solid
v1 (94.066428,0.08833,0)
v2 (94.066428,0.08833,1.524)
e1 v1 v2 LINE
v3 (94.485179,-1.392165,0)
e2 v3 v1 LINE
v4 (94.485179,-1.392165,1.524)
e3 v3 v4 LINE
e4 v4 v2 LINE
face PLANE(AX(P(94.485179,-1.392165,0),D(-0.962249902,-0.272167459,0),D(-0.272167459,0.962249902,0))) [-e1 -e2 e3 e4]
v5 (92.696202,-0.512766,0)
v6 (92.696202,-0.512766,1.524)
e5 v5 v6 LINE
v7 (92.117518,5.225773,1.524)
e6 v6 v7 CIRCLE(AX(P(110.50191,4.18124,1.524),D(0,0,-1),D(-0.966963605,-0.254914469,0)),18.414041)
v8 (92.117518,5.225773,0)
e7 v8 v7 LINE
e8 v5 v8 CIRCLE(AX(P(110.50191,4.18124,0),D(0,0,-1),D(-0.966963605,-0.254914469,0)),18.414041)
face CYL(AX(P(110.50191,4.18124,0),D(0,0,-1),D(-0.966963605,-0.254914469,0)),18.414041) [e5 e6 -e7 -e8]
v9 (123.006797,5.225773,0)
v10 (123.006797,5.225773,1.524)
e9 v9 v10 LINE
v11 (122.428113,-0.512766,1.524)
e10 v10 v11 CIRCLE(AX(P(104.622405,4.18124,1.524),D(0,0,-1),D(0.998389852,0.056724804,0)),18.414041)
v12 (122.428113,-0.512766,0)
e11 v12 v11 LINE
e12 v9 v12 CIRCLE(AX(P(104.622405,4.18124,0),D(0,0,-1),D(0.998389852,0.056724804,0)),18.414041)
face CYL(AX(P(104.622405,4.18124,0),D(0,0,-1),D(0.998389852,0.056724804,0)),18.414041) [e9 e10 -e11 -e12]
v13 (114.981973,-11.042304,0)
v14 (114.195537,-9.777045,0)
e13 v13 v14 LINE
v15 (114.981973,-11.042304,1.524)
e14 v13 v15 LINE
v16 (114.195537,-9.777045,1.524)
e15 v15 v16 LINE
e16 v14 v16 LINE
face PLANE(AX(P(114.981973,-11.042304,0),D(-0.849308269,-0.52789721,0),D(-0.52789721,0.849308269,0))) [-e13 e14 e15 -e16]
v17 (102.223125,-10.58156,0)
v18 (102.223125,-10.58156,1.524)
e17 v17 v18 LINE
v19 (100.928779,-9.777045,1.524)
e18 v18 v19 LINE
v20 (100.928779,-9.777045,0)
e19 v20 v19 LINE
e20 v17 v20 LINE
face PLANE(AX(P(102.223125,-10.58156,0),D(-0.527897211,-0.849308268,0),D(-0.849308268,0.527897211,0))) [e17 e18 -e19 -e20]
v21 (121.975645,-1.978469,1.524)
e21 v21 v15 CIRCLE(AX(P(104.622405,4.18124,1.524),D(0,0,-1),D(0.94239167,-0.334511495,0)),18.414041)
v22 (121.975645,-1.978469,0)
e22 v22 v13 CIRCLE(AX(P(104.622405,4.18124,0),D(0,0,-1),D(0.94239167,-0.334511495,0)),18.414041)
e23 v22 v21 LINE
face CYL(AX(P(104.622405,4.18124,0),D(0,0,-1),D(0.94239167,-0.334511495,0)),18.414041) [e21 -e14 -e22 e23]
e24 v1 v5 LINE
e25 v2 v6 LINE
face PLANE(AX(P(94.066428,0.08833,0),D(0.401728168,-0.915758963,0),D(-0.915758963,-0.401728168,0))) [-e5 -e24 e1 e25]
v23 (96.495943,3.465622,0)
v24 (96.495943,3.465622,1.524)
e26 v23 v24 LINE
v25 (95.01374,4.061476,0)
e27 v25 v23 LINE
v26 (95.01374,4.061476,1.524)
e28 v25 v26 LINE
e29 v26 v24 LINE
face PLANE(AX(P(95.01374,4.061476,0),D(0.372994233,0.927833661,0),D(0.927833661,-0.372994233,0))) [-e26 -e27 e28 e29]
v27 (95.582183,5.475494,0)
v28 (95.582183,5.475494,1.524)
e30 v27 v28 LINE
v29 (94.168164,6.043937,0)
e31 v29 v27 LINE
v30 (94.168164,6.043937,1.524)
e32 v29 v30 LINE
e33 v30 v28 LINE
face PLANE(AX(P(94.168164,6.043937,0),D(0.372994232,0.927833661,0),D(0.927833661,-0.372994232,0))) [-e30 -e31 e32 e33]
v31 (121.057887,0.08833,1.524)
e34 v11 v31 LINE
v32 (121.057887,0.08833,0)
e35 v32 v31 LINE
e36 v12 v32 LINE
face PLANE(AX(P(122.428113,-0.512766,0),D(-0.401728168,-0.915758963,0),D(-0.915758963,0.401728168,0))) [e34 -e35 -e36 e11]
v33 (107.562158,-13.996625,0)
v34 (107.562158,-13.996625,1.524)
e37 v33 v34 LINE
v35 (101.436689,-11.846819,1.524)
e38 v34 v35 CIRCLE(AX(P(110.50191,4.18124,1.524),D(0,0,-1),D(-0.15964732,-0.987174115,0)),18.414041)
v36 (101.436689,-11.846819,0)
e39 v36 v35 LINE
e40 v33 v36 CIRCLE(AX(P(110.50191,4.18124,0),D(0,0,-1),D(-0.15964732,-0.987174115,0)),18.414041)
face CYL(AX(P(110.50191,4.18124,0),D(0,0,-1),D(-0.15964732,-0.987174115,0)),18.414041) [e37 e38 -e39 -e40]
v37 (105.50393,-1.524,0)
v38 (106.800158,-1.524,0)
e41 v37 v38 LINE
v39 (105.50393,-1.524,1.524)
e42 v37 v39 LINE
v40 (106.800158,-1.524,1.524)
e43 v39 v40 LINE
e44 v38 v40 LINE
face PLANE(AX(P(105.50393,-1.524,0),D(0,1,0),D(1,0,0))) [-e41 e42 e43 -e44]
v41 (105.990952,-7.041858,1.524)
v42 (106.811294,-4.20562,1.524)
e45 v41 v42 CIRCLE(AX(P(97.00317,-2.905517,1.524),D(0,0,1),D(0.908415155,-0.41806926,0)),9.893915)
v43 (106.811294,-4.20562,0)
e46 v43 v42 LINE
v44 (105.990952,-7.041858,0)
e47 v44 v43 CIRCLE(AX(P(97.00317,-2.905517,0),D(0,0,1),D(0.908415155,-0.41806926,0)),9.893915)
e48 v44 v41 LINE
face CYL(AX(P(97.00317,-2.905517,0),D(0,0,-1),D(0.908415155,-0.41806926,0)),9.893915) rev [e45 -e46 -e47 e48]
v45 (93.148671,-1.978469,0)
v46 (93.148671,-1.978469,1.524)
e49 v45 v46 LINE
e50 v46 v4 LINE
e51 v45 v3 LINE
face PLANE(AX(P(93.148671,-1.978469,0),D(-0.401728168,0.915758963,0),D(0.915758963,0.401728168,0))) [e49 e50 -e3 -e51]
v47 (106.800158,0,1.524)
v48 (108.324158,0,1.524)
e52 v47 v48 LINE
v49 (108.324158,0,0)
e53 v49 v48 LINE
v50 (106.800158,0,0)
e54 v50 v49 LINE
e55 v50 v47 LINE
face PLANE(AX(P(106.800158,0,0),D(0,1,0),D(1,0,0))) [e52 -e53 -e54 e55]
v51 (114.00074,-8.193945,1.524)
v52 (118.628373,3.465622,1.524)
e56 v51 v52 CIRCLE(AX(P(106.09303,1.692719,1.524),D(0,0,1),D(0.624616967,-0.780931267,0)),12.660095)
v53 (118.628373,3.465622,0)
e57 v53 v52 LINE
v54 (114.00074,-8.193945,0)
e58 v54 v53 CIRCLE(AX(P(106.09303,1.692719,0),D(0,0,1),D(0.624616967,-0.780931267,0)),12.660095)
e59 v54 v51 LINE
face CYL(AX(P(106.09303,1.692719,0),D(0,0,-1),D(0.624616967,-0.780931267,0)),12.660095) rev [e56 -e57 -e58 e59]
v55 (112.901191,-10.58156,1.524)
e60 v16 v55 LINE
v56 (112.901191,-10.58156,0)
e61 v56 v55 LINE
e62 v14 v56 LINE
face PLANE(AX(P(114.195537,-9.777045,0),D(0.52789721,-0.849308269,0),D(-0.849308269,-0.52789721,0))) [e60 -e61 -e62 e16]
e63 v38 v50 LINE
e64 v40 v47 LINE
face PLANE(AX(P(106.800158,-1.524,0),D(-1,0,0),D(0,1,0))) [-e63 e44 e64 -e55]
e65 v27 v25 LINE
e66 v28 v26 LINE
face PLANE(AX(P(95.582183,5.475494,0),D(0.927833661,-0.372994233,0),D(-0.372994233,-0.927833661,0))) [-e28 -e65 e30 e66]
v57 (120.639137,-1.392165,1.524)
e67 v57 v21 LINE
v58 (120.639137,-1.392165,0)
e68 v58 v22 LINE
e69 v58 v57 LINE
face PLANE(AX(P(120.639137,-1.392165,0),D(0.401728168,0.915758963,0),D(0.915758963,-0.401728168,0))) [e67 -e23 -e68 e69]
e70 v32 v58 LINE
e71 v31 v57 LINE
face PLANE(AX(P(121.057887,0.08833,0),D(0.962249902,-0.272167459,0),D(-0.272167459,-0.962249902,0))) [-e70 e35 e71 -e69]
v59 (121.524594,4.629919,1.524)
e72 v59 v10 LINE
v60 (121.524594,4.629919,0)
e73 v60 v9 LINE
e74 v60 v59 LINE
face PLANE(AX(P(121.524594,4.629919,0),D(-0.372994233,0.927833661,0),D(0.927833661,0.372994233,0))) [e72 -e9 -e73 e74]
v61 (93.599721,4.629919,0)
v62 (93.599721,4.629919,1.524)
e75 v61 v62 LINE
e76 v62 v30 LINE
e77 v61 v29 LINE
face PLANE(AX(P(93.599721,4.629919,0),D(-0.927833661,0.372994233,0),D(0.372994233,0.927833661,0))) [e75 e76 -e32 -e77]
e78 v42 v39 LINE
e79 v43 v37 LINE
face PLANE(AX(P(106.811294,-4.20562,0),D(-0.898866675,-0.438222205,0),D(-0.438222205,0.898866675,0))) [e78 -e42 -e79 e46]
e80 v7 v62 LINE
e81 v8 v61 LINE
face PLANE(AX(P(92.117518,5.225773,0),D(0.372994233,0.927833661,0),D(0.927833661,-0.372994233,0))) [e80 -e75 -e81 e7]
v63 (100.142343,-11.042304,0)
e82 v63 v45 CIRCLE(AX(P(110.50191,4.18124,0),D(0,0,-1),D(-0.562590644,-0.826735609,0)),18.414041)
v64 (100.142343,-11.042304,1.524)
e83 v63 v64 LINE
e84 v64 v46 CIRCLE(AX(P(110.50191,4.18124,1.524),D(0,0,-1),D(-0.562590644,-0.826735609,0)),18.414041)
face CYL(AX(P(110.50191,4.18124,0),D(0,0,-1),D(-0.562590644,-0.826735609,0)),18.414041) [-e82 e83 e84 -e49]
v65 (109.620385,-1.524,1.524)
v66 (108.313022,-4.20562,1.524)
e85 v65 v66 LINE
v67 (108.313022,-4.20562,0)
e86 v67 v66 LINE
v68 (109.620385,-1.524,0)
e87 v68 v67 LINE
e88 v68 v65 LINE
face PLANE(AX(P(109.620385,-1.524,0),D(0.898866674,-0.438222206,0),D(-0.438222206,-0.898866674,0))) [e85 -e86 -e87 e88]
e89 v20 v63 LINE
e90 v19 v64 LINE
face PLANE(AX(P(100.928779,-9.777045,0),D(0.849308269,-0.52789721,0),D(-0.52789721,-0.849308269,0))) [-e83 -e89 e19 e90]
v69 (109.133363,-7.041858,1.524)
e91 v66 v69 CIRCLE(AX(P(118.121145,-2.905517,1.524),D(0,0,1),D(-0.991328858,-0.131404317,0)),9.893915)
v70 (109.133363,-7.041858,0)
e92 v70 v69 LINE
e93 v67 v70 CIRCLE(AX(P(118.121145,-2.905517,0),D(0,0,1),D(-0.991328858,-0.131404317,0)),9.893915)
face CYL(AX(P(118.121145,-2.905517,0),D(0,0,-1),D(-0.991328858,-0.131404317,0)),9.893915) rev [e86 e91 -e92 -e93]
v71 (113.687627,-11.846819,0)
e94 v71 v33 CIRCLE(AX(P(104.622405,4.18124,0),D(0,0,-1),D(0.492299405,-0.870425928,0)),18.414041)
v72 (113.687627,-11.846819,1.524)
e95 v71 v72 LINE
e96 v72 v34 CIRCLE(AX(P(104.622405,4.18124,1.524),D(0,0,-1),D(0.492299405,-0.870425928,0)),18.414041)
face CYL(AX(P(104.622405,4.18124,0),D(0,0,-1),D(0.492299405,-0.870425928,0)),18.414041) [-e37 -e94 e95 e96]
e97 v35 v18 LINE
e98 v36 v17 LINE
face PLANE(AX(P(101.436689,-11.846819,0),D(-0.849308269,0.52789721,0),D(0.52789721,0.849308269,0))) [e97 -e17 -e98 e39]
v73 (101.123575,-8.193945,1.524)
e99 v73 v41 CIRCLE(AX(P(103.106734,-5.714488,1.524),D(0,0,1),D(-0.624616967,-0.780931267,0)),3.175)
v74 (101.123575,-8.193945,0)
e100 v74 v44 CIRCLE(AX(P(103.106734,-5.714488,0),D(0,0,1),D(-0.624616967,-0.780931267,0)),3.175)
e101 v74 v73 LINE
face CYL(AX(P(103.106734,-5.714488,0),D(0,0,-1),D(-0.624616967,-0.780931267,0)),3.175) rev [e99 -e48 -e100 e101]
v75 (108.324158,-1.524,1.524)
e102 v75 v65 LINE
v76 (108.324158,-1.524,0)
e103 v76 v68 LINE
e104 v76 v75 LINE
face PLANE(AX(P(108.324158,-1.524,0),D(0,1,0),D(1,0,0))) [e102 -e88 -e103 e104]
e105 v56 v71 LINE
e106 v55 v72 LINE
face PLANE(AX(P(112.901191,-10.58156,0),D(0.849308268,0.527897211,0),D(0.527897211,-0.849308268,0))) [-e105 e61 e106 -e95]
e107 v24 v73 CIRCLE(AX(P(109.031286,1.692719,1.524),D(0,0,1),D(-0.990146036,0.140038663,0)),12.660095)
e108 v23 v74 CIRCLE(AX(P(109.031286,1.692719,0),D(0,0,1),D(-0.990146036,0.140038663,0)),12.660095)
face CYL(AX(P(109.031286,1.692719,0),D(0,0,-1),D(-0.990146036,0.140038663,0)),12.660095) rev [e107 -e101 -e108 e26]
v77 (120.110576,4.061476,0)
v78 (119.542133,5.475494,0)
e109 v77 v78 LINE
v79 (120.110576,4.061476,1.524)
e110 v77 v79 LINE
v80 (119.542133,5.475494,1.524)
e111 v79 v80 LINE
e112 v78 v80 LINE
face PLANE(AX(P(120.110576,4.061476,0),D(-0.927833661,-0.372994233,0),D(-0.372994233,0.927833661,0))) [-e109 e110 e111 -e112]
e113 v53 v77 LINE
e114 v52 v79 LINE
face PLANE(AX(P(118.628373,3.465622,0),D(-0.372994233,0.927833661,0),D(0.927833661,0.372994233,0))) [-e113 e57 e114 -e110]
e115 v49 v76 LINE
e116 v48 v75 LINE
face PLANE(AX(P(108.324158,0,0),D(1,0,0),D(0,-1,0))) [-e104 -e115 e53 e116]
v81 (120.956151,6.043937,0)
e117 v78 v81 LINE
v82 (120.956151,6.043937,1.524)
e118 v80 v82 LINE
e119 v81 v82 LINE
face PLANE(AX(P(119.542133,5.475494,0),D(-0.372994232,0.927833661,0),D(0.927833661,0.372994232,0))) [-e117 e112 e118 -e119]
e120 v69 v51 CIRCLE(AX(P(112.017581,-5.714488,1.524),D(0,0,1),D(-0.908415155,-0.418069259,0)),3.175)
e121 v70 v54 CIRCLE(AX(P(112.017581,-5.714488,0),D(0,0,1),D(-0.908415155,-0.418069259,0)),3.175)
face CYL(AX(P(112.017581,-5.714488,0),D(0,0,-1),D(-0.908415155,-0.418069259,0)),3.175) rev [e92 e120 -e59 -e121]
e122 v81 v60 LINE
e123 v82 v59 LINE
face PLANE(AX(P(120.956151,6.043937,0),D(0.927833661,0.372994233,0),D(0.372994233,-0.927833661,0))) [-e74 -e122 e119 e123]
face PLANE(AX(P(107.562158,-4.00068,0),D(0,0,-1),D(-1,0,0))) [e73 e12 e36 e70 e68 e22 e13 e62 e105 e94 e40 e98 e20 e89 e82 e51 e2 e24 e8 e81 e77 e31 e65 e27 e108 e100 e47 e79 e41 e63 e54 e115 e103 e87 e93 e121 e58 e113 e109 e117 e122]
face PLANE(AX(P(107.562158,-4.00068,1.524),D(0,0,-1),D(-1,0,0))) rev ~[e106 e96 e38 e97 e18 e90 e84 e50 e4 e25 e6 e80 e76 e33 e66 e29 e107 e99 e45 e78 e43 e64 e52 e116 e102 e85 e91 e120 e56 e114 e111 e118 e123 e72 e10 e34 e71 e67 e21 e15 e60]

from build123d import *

# Parameters (mm, degrees)
BOSS_EXTRUDE1_DEPTH = 1.524


with BuildPart() as part:
    # Sketch1 → Boss-Extrude1 (new body)
    with BuildSketch(Plane.XY):
        with BuildLine():
            Line((106.811293612, -4.205619723), (105.503930304, -1.524))
            Line((105.503930304, -1.524), (106.800157748, -1.524))
            Line((106.800157748, -1.524), (106.800157748, 0))
            Line((106.800157748, 0), (108.32415775, 0))
            Line((108.32415775, 0), (108.32415775, -1.524))
            Line((108.32415775, -1.524), (109.620385194, -1.524))
            Line((109.620385194, -1.524), (108.313021885, -4.205619723))
            ThreePointArc((108.313021885, -4.205619723), (108.616799976, -5.654511508), (109.13336302, -7.041858312))
            ThreePointArc((109.13336302, -7.041858312), (111.286278886, -8.804119786), (114.000740009, -8.193945187))
            ThreePointArc((114.000740009, -8.193945187), (117.860186741, -2.977615774), (118.628372854, 3.4656219))
            Line((118.628372854, 3.4656219), (120.110575877, 4.061475664))
            Line((120.110575877, 4.061475664), (119.542132666, 5.475494164))
            Line((119.542132666, 5.475494164), (120.956151165, 6.043937374))
            Line((120.956151165, 6.043937374), (121.524594376, 4.629918875))
            Line((121.524594376, 4.629918875), (123.006797398, 5.225772639))
            ThreePointArc((123.006797398, 5.225772639), (122.943528087, 2.333705851), (122.428113191, -0.512765789))
            Line((122.428113191, -0.512765789), (121.057887131, 0.088329507))
            Line((121.057887131, 0.088329507), (120.639136812, -1.392165095))
            Line((120.639136812, -1.392165095), (121.97564456, -1.97846873))
            ThreePointArc((121.97564456, -1.97846873), (119.201094938, -7.067703715), (114.981972786, -11.042303895))
            Line((114.981972786, -11.042303895), (114.195536637, -9.777044843))
            Line((114.195536637, -9.777044843), (112.901190835, -10.581560192))
            Line((112.901190835, -10.581560192), (113.687626985, -11.846819244))
            ThreePointArc((113.687626985, -11.846819244), (110.720377701, -13.193789782), (107.562157749, -13.996625182))
            ThreePointArc((107.562157749, -13.996625182), (104.403937797, -13.193789782), (101.436688513, -11.846819244))
            Line((101.436688513, -11.846819244), (102.223124662, -10.581560192))
            Line((102.223124662, -10.581560192), (100.928778861, -9.777044843))
            Line((100.928778861, -9.777044843), (100.142342712, -11.042303895))
            ThreePointArc((100.142342712, -11.042303895), (95.923220559, -7.067703715), (93.148670938, -1.97846873))
            Line((93.148670938, -1.97846873), (94.485178686, -1.392165095))
            Line((94.485178686, -1.392165095), (94.066428367, 0.088329507))
            Line((94.066428367, 0.088329507), (92.696202307, -0.512765789))
            ThreePointArc((92.696202307, -0.512765789), (92.18078741, 2.333705851), (92.117518099, 5.225772639))
            Line((92.117518099, 5.225772639), (93.599721122, 4.629918875))
            Line((93.599721122, 4.629918875), (94.168164333, 6.043937374))
            Line((94.168164333, 6.043937374), (95.582182832, 5.475494164))
            Line((95.582182832, 5.475494164), (95.013739621, 4.061475664))
            Line((95.013739621, 4.061475664), (96.495942644, 3.4656219))
            ThreePointArc((96.495942644, 3.4656219), (97.264128757, -2.977615774), (101.123575488, -8.193945187))
            ThreePointArc((101.123575488, -8.193945187), (103.838036611, -8.804119786), (105.990952478, -7.041858312))
            ThreePointArc((105.990952478, -7.041858312), (106.507515522, -5.654511508), (106.811293612, -4.205619723))
        make_face()
    extrude(amount=BOSS_EXTRUDE1_DEPTH)


solid = part.part
